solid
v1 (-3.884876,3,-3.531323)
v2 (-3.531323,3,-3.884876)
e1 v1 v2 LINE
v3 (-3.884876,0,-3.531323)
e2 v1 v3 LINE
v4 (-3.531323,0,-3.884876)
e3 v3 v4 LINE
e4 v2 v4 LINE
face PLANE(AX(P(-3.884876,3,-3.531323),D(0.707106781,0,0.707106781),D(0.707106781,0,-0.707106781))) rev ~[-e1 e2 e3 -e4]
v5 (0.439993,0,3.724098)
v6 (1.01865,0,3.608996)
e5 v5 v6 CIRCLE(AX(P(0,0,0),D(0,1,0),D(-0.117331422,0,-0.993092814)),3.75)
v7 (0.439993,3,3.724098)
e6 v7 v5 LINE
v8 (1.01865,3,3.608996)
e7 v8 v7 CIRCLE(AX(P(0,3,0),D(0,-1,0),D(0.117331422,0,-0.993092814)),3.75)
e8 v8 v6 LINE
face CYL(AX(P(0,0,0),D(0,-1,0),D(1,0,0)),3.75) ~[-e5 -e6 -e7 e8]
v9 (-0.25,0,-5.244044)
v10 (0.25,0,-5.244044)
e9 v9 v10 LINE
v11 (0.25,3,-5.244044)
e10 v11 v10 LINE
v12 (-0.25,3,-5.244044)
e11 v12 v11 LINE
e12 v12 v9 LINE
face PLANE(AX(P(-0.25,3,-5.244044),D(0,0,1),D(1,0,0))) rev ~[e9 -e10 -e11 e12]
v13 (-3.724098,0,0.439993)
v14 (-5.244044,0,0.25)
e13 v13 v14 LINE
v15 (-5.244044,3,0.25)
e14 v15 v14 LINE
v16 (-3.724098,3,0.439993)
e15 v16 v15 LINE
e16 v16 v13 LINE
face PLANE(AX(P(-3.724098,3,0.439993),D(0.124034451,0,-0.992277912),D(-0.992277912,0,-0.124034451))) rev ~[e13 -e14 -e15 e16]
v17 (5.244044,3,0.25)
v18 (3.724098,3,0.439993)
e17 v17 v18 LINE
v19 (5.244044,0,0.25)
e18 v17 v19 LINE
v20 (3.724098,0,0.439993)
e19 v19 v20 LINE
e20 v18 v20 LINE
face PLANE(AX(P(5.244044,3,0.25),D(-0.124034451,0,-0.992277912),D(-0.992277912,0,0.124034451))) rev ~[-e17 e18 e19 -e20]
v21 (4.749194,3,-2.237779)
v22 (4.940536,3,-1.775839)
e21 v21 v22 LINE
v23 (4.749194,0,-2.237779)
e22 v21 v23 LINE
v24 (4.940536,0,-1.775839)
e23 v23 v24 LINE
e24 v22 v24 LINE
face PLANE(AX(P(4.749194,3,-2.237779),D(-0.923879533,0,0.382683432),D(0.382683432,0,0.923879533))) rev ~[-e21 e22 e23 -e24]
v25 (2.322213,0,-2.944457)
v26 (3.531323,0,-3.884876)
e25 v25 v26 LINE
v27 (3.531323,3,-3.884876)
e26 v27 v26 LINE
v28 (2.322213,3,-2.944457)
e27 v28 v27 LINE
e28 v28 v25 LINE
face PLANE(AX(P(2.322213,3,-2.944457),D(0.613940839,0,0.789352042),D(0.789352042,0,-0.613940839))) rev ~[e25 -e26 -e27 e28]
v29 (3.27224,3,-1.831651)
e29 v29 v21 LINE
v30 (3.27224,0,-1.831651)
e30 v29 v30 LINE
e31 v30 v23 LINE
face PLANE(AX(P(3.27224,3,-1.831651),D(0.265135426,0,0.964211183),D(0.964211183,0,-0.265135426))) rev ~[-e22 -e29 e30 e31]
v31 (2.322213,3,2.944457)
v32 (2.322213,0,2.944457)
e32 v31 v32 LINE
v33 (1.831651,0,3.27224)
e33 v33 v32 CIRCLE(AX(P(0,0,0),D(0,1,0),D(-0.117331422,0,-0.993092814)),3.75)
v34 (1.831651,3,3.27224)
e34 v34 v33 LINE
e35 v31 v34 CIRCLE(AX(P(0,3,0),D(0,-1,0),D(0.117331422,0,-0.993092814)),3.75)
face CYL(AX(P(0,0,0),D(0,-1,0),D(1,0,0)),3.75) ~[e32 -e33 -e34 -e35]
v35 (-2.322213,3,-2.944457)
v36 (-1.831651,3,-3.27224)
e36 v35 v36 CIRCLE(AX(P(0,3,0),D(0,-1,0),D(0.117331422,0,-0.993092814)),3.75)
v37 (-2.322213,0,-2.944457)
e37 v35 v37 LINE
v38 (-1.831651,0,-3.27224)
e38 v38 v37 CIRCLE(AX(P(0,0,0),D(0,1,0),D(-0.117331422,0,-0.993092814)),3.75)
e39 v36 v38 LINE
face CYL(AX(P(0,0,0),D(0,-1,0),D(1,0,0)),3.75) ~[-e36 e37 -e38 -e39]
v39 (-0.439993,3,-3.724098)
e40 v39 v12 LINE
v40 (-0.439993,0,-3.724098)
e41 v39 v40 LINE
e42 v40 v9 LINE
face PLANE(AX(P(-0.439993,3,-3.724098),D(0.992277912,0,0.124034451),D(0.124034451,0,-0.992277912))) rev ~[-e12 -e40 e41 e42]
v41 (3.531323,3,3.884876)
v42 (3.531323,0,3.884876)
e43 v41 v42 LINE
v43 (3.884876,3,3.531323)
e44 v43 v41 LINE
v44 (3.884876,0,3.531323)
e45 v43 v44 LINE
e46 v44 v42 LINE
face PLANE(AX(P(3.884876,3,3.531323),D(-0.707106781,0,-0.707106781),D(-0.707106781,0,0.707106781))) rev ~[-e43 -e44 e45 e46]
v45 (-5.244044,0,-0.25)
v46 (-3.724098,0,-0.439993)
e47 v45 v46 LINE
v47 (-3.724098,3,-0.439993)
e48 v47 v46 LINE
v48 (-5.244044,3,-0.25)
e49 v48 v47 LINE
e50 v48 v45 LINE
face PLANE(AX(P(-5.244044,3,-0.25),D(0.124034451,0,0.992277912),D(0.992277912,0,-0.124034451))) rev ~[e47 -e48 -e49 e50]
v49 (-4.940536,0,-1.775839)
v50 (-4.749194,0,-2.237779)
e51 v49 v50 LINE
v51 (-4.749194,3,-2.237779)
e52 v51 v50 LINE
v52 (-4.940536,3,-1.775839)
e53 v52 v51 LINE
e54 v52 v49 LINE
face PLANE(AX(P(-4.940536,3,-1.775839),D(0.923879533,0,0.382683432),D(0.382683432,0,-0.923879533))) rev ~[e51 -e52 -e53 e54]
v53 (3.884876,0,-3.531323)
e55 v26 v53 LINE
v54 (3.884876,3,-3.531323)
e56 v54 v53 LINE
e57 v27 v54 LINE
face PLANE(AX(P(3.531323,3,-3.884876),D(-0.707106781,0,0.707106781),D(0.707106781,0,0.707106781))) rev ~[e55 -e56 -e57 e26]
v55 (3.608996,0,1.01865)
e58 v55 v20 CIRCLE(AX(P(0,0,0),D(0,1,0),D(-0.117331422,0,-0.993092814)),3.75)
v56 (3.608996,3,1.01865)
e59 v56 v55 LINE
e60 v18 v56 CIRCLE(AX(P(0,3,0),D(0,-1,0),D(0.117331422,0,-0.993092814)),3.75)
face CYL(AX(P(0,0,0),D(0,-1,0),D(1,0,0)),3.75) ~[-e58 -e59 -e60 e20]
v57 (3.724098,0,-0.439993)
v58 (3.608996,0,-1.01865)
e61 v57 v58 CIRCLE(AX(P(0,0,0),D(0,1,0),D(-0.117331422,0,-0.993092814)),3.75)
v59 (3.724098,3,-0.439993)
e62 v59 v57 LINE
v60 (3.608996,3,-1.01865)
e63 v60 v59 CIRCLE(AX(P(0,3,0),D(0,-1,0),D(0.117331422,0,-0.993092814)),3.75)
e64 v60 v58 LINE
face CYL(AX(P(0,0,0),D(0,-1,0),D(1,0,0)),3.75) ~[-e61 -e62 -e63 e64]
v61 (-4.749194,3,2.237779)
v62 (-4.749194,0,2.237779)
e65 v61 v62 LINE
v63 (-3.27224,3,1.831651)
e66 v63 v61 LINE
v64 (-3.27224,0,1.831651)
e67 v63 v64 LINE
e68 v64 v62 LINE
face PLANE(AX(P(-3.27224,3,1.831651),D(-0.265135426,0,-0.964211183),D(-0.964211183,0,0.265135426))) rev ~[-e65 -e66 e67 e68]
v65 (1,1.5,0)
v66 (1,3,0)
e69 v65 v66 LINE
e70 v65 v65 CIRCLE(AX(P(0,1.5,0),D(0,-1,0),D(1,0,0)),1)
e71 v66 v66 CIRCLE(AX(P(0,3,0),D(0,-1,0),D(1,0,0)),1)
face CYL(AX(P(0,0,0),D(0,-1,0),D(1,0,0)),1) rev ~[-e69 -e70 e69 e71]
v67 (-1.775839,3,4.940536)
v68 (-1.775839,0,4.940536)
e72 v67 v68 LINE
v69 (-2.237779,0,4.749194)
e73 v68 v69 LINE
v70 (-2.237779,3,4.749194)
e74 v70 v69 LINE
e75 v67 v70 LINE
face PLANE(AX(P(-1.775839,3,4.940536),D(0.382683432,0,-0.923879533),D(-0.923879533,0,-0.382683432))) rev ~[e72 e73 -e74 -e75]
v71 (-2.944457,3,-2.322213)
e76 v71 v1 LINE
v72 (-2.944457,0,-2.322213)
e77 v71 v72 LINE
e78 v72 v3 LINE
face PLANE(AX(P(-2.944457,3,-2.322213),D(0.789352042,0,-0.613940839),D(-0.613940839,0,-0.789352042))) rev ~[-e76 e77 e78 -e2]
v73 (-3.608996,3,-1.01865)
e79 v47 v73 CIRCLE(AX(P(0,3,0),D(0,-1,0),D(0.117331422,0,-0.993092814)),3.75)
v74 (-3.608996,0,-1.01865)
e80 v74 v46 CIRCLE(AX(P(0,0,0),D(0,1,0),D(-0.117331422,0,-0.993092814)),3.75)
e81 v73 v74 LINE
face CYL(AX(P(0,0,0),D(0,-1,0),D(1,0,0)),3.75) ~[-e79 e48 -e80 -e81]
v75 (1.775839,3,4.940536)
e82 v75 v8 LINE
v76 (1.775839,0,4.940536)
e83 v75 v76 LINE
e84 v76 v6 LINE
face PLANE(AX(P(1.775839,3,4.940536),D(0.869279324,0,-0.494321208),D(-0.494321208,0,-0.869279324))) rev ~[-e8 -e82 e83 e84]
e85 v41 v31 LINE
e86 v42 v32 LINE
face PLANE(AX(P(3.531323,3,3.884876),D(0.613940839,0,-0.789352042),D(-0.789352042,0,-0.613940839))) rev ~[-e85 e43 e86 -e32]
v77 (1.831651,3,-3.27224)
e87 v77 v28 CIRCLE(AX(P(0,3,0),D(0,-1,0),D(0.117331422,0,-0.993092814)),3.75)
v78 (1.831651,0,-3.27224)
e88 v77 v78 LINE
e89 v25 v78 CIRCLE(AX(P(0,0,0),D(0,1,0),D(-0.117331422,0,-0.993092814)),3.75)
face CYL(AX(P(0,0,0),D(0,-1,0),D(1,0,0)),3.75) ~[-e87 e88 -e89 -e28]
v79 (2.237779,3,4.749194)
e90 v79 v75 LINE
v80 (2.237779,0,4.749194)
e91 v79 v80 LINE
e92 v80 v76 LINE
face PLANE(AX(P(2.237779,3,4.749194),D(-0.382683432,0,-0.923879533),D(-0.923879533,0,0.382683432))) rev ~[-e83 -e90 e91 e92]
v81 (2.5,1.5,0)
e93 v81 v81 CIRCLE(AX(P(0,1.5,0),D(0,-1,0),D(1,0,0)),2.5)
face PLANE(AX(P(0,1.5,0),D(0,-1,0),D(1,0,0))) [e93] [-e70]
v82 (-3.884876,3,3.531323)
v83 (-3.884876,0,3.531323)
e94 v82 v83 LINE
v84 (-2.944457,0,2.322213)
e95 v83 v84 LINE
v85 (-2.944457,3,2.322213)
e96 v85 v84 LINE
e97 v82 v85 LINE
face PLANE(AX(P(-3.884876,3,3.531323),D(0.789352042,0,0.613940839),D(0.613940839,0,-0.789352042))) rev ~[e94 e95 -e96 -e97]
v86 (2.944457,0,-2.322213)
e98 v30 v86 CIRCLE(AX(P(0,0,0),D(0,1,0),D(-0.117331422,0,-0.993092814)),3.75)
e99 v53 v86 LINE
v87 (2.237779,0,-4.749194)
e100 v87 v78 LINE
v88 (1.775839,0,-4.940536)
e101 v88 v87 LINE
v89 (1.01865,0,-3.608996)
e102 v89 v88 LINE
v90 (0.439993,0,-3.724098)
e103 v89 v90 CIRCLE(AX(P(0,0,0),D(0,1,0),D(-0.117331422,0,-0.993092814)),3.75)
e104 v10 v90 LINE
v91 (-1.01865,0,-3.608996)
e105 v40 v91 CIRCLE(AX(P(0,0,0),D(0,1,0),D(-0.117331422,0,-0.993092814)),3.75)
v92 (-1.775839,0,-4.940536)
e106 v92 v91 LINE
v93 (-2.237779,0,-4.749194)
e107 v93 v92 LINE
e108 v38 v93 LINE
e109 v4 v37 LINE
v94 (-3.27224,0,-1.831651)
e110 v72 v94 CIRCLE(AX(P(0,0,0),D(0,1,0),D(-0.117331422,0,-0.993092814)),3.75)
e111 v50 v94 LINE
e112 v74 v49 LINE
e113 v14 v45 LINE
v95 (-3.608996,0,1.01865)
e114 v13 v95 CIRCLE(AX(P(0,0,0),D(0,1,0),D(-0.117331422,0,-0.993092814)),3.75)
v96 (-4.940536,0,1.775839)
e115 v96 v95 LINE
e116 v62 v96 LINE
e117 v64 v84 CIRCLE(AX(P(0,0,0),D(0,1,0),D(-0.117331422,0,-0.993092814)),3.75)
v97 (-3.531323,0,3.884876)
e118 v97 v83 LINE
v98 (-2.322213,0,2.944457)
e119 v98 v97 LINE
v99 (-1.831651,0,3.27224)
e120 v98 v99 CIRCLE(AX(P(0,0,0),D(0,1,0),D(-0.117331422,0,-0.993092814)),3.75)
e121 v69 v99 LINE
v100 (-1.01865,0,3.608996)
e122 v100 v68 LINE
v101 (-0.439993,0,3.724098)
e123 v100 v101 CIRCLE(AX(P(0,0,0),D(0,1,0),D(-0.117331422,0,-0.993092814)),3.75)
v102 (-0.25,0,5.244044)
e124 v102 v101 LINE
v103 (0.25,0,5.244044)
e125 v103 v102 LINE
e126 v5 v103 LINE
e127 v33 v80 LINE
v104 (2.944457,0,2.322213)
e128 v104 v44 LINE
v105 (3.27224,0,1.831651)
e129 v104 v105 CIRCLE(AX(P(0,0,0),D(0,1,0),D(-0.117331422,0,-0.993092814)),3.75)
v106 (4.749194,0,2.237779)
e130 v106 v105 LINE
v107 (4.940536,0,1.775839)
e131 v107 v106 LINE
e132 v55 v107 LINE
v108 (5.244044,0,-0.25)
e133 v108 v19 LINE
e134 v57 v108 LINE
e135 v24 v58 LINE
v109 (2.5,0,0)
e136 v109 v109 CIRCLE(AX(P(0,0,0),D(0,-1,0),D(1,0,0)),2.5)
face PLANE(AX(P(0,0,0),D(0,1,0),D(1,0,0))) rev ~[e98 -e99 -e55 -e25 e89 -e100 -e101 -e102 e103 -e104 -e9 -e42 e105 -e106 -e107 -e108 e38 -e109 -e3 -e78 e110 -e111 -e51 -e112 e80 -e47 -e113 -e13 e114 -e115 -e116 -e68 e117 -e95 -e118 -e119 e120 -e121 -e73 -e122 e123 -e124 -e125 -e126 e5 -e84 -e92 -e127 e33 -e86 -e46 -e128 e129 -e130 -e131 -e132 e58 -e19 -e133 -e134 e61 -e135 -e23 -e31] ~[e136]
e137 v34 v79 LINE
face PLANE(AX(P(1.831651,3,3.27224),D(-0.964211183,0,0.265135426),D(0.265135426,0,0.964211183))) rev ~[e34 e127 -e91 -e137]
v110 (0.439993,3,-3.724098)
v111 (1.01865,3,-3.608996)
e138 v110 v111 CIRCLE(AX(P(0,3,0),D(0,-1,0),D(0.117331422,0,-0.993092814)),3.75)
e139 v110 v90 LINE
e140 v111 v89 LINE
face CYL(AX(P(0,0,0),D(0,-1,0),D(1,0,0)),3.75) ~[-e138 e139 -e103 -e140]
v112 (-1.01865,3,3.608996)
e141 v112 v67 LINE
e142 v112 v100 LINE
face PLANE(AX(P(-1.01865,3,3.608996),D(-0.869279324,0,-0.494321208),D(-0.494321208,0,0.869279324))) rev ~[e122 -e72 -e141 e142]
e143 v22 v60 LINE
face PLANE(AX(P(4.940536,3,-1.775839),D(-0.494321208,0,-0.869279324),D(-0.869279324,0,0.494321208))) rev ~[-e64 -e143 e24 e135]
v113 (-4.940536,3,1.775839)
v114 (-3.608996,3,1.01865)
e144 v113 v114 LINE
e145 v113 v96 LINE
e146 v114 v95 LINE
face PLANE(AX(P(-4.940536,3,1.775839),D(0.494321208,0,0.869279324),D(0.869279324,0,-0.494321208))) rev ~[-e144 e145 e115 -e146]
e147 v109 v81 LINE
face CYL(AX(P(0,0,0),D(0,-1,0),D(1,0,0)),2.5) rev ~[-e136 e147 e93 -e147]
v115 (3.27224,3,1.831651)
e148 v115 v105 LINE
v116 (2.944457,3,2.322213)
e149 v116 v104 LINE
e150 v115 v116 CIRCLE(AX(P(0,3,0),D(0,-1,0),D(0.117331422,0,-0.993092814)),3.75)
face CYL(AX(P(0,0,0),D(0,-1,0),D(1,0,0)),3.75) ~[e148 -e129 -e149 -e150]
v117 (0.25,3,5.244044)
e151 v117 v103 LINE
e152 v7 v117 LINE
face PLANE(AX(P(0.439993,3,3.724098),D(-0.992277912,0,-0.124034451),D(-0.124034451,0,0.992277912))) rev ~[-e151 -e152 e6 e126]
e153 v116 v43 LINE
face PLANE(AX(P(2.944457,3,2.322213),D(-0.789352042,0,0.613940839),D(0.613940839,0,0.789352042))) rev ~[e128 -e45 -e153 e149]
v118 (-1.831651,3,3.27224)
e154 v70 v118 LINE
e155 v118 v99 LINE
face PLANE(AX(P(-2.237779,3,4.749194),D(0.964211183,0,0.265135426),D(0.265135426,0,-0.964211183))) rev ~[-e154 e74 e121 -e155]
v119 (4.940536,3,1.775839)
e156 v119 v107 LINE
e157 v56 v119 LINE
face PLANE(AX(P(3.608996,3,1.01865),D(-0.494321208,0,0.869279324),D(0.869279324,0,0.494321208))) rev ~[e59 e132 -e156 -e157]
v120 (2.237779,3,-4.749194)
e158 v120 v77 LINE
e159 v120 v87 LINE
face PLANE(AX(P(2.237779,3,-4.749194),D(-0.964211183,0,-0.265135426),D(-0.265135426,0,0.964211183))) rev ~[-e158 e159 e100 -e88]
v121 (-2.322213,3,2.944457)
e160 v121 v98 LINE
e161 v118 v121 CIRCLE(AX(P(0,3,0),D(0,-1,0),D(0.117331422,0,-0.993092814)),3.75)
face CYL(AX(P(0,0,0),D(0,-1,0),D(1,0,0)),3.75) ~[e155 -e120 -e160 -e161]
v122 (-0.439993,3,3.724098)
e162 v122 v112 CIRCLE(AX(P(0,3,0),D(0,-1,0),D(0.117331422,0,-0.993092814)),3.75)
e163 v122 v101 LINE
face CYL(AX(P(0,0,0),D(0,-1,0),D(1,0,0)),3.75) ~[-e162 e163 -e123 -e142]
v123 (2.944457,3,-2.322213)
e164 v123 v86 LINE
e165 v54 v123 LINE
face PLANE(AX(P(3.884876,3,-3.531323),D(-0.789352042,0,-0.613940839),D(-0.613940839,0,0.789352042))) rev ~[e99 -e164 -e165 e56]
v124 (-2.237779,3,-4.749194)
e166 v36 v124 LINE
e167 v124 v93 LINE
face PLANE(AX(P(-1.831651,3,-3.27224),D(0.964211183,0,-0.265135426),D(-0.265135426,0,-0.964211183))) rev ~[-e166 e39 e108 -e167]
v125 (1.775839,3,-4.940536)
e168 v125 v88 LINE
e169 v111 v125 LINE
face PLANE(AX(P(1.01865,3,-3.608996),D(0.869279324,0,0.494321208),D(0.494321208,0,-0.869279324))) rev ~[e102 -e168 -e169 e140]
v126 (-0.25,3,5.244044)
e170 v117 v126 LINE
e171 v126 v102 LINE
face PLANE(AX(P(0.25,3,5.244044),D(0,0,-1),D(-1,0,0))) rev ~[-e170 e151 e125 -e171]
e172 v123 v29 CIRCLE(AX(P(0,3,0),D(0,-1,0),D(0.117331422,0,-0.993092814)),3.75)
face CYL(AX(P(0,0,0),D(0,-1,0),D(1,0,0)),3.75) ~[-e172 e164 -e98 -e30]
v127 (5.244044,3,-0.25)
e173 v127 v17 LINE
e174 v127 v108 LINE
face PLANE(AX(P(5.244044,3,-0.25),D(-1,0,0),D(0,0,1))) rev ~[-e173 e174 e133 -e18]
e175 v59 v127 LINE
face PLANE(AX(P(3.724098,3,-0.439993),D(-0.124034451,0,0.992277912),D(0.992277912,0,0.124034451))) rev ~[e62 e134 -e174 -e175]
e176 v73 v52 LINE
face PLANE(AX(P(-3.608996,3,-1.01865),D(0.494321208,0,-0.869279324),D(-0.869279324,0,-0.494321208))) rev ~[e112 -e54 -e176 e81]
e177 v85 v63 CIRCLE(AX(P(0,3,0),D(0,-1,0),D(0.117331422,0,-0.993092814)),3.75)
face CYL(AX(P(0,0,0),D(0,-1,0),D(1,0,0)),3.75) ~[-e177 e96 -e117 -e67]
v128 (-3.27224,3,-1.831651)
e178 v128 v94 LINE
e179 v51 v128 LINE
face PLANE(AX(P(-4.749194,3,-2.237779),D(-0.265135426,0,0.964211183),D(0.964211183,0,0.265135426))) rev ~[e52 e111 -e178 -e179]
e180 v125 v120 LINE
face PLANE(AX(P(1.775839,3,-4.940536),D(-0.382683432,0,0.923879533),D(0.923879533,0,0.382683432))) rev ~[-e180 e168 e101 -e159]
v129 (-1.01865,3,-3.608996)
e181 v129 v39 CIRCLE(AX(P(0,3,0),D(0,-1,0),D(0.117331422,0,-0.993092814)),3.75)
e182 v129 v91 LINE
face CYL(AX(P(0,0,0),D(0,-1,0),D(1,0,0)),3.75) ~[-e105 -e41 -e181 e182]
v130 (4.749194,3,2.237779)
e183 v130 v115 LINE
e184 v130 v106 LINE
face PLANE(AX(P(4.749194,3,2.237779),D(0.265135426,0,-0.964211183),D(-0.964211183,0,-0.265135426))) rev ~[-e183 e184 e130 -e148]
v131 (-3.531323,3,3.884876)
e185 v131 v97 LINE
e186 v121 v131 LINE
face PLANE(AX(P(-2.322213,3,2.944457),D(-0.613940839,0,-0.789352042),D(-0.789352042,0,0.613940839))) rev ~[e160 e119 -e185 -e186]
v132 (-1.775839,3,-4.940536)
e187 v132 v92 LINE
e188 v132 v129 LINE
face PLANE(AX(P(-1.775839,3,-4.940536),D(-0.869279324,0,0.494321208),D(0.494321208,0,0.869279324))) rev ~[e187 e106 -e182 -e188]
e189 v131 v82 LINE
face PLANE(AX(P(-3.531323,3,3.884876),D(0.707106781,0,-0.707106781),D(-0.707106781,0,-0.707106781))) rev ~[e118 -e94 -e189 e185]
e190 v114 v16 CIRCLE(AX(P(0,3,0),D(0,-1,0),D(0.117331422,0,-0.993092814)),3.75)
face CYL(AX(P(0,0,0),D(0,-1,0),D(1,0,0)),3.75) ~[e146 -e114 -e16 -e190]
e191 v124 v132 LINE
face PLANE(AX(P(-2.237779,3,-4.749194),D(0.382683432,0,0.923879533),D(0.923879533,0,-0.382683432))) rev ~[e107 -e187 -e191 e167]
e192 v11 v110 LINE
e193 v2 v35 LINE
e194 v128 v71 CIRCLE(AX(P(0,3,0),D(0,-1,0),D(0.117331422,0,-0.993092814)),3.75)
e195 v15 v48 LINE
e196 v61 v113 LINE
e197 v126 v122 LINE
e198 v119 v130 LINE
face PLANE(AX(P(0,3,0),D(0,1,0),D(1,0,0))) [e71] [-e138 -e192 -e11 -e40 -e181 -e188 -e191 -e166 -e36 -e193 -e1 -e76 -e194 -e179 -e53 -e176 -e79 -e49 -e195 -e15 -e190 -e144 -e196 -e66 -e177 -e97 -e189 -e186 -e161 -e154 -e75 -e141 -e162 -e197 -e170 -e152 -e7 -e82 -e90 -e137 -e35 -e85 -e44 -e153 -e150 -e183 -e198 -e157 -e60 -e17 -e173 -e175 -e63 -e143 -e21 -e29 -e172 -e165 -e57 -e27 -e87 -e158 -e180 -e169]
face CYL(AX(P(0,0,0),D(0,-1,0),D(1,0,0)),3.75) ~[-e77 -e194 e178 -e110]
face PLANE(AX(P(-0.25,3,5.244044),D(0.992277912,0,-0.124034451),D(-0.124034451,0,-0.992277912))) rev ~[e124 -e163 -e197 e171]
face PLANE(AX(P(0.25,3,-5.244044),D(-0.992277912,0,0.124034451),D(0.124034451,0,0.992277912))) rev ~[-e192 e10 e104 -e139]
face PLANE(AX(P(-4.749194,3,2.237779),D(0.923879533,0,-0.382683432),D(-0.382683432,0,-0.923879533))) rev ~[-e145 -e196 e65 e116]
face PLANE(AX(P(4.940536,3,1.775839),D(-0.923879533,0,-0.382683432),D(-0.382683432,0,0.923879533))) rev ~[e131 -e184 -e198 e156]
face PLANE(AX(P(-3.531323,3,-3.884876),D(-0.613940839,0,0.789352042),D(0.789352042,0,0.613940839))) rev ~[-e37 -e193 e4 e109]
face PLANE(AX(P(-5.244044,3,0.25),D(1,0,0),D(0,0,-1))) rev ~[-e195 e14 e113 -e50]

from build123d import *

# Parameters (mm, degrees)
SKICA1_R                 = 3.75
P_IDAT_VYSUNUT_M1_DEPTH  = 3
P_IDAT_VYSUNUT_M2_DEPTH  = 3
KRUHOV_POLE1_COUNT       = 16
SKICA3_R                 = 1
ODEBRAT_VYSUNUT_M1_DEPTH = 5
SKICA4_R                 = 2.5
ODEBRAT_VYSUNUT_M2_DEPTH = 1.5


with BuildPart() as part:
    # Skica1 → Přidat vysunutím1 (new body)
    with BuildSketch(Plane(origin=(0, 0, 0), x_dir=(1, 0, 0), z_dir=(0, 1, 0))):
        Circle(SKICA1_R)
    extrude(amount=P_IDAT_VYSUNUT_M1_DEPTH)

    # Skica2 → Přidat vysunutím2 (add)
    with BuildSketch(Plane(origin=(0, 3, 0), x_dir=(1, 0, 0), z_dir=(0, 1, 0))):
        with BuildLine():
            Line((0, 5.244044241), (0.25, 5.244044241))
            Line((0.25, 5.244044241), (0.439992833, 3.724098053))
            ThreePointArc((0.439992833, 3.724098053), (0, 3.75), (-0.439992833, 3.724098053))
            Line((-0.439992833, 3.724098053), (-0.25, 5.244044241))
            Line((-0.25, 5.244044241), (0, 5.244044241))
        make_face()
    p_idat_vysunut_m2 = extrude(amount=-P_IDAT_VYSUNUT_M2_DEPTH)

    # Kruhové pole1: Přidat vysunutím2 ×16 about axis
    kruhov_pole1_axis = Axis((0, 0, 0), (0, 1, 0))
    for i in range(1, KRUHOV_POLE1_COUNT):
        add(p_idat_vysunut_m2.rotate(kruhov_pole1_axis, i * 360 / KRUHOV_POLE1_COUNT))

    # Skica3 → Odebrat vysunutím1 (cut)
    with BuildSketch(Plane.XZ):
        Circle(SKICA3_R)
    extrude(amount=-ODEBRAT_VYSUNUT_M1_DEPTH, mode=Mode.SUBTRACT)

    # Skica4 → Odebrat vysunutím2 (cut)
    with BuildSketch(Plane.XZ):
        Circle(SKICA4_R)
    extrude(amount=-ODEBRAT_VYSUNUT_M2_DEPTH, mode=Mode.SUBTRACT)


solid = part.part
